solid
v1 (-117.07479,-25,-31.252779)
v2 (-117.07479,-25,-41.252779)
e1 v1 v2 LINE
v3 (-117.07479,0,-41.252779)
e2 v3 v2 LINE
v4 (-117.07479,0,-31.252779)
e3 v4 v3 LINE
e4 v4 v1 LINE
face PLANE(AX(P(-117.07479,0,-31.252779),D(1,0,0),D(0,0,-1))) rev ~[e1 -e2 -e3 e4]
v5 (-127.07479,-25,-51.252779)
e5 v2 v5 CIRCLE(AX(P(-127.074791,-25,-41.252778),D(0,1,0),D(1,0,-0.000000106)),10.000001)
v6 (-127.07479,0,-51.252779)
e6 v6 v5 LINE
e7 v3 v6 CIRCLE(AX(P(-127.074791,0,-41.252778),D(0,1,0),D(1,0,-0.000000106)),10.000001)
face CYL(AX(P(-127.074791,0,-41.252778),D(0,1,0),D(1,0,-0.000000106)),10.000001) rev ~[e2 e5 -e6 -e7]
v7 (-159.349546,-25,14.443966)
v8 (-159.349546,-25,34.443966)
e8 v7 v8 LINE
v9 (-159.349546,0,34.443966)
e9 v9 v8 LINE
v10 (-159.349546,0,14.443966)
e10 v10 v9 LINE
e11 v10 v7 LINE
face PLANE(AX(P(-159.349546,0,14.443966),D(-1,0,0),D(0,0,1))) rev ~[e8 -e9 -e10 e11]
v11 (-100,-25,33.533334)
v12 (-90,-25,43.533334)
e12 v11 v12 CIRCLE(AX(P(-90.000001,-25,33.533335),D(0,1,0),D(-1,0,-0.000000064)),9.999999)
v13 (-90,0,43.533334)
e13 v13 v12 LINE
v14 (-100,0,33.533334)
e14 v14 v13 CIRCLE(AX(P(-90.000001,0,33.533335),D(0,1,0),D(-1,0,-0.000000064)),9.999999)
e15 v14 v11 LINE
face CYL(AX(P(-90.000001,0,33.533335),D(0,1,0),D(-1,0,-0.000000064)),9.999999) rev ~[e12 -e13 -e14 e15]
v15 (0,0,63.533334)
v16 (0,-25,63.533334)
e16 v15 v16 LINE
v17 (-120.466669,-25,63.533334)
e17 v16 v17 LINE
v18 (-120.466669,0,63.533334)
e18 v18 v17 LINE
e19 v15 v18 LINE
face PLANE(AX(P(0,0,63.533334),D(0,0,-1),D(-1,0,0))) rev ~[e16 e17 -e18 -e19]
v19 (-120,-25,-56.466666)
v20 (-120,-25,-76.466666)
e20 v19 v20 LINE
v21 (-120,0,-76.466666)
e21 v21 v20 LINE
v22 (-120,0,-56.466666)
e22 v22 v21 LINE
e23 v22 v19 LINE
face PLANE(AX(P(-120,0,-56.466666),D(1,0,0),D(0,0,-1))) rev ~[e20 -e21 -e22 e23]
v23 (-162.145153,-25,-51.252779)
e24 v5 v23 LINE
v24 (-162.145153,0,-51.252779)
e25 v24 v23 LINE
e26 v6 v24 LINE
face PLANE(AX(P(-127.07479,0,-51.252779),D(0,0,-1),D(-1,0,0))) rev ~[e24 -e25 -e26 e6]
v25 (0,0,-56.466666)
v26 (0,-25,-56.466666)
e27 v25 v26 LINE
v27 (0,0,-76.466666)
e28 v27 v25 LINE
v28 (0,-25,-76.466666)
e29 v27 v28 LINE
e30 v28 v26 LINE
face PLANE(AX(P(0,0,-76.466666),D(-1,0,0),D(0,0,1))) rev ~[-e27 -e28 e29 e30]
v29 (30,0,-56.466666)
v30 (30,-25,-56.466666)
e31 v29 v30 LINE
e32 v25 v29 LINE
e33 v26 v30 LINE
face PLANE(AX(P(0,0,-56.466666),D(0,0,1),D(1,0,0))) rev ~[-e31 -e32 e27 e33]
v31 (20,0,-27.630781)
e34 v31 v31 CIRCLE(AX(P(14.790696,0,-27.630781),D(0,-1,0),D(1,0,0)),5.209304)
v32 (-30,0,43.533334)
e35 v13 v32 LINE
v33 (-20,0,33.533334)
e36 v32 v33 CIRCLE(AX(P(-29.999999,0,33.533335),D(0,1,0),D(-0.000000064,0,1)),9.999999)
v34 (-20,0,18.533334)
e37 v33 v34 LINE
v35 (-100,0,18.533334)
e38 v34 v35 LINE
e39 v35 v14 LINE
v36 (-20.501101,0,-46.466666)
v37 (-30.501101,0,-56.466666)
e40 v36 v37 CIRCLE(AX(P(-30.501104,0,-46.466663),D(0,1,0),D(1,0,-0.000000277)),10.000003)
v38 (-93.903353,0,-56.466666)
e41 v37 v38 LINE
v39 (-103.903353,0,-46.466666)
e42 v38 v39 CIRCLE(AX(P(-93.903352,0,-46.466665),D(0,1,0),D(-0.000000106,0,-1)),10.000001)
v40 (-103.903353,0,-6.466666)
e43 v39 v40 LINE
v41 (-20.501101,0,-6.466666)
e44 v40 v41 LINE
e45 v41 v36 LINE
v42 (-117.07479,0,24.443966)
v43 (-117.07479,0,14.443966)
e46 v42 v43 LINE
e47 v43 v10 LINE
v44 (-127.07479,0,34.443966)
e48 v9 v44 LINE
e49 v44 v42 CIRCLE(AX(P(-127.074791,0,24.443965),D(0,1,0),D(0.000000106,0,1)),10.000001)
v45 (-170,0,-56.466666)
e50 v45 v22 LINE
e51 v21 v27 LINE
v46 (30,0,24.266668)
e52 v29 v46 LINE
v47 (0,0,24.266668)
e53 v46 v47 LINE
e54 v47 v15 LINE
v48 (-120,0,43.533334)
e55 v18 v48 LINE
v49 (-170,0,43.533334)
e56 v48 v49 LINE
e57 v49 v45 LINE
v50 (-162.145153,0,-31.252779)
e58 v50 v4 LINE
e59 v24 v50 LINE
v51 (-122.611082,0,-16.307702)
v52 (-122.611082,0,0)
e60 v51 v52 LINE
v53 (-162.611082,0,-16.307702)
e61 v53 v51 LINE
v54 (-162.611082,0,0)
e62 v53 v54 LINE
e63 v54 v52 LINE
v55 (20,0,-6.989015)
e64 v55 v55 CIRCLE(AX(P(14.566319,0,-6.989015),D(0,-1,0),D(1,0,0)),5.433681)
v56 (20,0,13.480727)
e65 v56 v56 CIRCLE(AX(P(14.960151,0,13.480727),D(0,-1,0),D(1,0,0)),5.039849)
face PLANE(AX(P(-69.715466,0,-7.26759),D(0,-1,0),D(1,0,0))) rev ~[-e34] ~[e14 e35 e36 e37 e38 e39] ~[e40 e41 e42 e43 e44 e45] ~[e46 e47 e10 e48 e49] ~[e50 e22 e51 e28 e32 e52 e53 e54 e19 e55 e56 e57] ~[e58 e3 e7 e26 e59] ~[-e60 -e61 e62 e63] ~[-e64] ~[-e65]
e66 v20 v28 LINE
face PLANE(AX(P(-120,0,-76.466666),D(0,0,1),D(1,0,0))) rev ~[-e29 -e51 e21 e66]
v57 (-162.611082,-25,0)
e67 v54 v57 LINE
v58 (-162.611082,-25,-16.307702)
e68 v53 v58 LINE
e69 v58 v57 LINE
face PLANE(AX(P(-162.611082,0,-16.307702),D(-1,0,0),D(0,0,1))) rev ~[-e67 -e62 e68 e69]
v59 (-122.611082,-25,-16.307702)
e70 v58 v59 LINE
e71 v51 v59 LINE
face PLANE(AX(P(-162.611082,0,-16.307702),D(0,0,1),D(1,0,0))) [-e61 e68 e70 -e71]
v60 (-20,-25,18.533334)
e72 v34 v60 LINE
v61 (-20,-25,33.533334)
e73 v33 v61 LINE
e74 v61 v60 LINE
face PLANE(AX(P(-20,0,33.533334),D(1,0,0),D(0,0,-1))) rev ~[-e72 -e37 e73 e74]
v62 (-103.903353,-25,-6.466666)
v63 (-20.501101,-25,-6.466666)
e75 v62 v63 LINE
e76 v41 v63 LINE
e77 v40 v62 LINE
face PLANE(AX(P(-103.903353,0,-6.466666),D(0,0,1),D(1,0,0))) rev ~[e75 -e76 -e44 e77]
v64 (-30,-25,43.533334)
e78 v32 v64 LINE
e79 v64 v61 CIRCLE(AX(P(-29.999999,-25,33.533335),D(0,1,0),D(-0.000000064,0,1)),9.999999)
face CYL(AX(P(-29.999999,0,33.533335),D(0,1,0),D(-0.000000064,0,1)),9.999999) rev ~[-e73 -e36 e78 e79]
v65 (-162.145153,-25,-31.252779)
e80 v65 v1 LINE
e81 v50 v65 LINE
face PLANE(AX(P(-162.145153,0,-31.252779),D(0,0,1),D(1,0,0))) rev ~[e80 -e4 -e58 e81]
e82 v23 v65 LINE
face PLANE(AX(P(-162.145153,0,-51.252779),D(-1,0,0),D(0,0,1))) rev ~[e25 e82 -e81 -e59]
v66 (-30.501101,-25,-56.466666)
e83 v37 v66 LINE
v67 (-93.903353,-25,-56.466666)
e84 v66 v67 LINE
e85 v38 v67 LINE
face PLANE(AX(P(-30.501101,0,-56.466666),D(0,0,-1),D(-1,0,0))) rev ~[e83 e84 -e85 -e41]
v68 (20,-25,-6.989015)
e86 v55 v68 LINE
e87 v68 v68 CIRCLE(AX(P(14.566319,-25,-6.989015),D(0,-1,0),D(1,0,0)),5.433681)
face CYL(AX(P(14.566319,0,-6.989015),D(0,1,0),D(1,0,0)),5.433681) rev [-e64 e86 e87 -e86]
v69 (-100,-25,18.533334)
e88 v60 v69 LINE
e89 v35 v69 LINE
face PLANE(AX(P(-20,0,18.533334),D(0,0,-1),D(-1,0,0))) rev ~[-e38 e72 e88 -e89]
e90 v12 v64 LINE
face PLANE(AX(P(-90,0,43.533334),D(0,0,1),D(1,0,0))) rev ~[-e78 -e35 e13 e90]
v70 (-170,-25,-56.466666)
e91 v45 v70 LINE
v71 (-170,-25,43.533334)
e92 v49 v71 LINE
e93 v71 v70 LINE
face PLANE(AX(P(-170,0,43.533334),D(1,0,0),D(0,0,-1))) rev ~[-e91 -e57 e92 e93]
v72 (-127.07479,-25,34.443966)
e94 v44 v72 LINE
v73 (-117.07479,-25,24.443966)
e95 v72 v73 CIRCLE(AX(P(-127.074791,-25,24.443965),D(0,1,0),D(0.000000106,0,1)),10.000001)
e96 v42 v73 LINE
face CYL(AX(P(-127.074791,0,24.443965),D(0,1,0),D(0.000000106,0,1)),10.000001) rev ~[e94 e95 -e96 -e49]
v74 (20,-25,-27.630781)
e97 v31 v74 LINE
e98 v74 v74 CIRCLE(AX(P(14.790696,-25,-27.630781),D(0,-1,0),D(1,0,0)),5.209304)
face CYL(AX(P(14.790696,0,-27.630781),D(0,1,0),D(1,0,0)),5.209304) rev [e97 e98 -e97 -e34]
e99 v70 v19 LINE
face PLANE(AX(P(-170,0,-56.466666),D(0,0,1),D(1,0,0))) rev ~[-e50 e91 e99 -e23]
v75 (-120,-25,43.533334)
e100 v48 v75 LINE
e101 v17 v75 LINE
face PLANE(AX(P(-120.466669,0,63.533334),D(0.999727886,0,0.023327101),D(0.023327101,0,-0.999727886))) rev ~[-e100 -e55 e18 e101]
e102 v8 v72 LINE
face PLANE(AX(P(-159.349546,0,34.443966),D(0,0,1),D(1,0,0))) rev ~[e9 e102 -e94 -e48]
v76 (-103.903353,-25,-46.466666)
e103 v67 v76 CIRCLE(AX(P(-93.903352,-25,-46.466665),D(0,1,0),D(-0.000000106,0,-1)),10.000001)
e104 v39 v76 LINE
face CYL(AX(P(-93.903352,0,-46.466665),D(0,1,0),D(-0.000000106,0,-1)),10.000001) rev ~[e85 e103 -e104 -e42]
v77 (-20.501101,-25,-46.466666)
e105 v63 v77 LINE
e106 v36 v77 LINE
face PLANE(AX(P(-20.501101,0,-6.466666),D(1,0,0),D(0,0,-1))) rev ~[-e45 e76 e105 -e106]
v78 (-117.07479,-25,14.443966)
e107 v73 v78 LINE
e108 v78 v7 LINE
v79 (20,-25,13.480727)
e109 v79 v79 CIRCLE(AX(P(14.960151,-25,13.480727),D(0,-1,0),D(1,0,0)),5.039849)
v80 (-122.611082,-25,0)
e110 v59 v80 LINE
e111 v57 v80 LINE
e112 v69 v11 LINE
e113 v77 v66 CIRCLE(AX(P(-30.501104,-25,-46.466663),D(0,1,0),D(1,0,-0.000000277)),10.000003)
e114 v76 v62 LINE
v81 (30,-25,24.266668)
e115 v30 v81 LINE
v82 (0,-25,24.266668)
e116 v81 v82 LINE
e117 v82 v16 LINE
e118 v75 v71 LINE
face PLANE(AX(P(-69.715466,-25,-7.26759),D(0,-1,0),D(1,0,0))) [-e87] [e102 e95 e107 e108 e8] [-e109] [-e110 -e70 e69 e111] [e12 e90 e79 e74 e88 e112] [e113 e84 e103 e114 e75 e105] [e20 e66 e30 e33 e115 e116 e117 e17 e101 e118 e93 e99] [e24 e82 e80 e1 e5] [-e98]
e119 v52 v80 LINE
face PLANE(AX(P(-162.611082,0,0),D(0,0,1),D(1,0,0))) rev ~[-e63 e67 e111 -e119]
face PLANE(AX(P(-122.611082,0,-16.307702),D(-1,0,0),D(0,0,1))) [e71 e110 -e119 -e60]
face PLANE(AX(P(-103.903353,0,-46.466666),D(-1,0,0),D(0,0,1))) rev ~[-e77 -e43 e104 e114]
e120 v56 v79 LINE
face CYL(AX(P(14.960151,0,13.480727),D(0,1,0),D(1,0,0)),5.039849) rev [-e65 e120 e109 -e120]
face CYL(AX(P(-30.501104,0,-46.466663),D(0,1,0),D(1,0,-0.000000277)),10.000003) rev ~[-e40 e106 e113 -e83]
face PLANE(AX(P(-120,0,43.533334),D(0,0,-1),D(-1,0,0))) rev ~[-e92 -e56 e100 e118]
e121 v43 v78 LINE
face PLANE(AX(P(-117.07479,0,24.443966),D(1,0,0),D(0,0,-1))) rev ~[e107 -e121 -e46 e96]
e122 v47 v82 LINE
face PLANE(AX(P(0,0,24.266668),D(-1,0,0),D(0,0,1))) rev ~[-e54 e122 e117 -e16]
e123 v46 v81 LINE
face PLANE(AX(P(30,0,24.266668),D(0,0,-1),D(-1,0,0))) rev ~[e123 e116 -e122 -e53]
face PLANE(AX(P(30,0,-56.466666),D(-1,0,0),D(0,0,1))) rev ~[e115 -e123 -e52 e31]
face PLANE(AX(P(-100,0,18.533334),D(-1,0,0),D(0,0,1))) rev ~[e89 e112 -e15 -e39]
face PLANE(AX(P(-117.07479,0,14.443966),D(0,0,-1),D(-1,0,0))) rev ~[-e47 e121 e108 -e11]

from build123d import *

# Parameters (mm, degrees)
F0_W     = 40
F0_H     = 16.307702
F0_R     = 5.209304
F0_R_2   = 5.433681
F0_R_3   = 5.039849
F1_DEPTH = 25


with BuildPart() as f1:
    # F0 (on Front) → F1 (new body)
    with BuildSketch(Plane.XZ):
        Polygon((0, 63.533334), (-120.466669, 63.533334), (-120, 43.533334), (-170, 43.533334), (-170, -56.466666), (-120, -56.466666), (-120, -76.466666), (0, -76.466666), (0, -56.466666), (30, -56.466666), (30, 24.266668), (0, 24.266668), align=None)
        with BuildLine():
            Line((-162.145153, -51.252779), (-162.145153, -31.252779))
            Line((-162.145153, -31.252779), (-117.07479, -31.252779))
            Line((-117.07479, -31.252779), (-117.07479, -41.252779))
            ThreePointArc((-117.07479, -41.252779), (-120.003722, -48.323846), (-127.07479, -51.252779))
            Line((-127.07479, -51.252779), (-162.145153, -51.252779))
        make_face(mode=Mode.SUBTRACT)
        with Locations((-142.611082, -8.153851)):
            Rectangle(F0_W, F0_H, mode=Mode.SUBTRACT)
        with BuildLine():
            Line((-103.903353, -46.466666), (-103.903353, -6.466666))
            Line((-103.903353, -6.466666), (-20.501101, -6.466666))
            Line((-20.501101, -6.466666), (-20.501101, -46.466666))
            ThreePointArc((-20.501101, -46.466666), (-23.430034, -53.537733), (-30.501101, -56.466666))
            Line((-30.501101, -56.466666), (-93.903353, -56.466666))
            ThreePointArc((-93.903353, -56.466666), (-100.974421, -53.537733), (-103.903353, -46.466666))
        make_face(mode=Mode.SUBTRACT)
        with Locations((14.790696, -27.630781)):
            Circle(F0_R, mode=Mode.SUBTRACT)
        with Locations((14.566319, -6.989015)):
            Circle(F0_R_2, mode=Mode.SUBTRACT)
        with BuildLine():
            Line((-159.349546, 14.443966), (-159.349546, 34.443966))
            Line((-159.349546, 34.443966), (-127.07479, 34.443966))
            ThreePointArc((-127.07479, 34.443966), (-120.003722, 31.515033), (-117.07479, 24.443966))
            Line((-117.07479, 24.443966), (-117.07479, 14.443966))
            Line((-117.07479, 14.443966), (-159.349546, 14.443966))
        make_face(mode=Mode.SUBTRACT)
        with Locations((14.960151, 13.480727)):
            Circle(F0_R_3, mode=Mode.SUBTRACT)
        with BuildLine():
            Line((-20, 18.533334), (-100, 18.533334))
            Line((-100, 18.533334), (-100, 33.533334))
            ThreePointArc((-100, 33.533334), (-97.071068, 40.604402), (-90, 43.533334))
            Line((-90, 43.533334), (-30, 43.533334))
            ThreePointArc((-30, 43.533334), (-22.928932, 40.604402), (-20, 33.533334))
            Line((-20, 33.533334), (-20, 18.533334))
        make_face(mode=Mode.SUBTRACT)
    extrude(amount=F1_DEPTH)


solid = f1.part
